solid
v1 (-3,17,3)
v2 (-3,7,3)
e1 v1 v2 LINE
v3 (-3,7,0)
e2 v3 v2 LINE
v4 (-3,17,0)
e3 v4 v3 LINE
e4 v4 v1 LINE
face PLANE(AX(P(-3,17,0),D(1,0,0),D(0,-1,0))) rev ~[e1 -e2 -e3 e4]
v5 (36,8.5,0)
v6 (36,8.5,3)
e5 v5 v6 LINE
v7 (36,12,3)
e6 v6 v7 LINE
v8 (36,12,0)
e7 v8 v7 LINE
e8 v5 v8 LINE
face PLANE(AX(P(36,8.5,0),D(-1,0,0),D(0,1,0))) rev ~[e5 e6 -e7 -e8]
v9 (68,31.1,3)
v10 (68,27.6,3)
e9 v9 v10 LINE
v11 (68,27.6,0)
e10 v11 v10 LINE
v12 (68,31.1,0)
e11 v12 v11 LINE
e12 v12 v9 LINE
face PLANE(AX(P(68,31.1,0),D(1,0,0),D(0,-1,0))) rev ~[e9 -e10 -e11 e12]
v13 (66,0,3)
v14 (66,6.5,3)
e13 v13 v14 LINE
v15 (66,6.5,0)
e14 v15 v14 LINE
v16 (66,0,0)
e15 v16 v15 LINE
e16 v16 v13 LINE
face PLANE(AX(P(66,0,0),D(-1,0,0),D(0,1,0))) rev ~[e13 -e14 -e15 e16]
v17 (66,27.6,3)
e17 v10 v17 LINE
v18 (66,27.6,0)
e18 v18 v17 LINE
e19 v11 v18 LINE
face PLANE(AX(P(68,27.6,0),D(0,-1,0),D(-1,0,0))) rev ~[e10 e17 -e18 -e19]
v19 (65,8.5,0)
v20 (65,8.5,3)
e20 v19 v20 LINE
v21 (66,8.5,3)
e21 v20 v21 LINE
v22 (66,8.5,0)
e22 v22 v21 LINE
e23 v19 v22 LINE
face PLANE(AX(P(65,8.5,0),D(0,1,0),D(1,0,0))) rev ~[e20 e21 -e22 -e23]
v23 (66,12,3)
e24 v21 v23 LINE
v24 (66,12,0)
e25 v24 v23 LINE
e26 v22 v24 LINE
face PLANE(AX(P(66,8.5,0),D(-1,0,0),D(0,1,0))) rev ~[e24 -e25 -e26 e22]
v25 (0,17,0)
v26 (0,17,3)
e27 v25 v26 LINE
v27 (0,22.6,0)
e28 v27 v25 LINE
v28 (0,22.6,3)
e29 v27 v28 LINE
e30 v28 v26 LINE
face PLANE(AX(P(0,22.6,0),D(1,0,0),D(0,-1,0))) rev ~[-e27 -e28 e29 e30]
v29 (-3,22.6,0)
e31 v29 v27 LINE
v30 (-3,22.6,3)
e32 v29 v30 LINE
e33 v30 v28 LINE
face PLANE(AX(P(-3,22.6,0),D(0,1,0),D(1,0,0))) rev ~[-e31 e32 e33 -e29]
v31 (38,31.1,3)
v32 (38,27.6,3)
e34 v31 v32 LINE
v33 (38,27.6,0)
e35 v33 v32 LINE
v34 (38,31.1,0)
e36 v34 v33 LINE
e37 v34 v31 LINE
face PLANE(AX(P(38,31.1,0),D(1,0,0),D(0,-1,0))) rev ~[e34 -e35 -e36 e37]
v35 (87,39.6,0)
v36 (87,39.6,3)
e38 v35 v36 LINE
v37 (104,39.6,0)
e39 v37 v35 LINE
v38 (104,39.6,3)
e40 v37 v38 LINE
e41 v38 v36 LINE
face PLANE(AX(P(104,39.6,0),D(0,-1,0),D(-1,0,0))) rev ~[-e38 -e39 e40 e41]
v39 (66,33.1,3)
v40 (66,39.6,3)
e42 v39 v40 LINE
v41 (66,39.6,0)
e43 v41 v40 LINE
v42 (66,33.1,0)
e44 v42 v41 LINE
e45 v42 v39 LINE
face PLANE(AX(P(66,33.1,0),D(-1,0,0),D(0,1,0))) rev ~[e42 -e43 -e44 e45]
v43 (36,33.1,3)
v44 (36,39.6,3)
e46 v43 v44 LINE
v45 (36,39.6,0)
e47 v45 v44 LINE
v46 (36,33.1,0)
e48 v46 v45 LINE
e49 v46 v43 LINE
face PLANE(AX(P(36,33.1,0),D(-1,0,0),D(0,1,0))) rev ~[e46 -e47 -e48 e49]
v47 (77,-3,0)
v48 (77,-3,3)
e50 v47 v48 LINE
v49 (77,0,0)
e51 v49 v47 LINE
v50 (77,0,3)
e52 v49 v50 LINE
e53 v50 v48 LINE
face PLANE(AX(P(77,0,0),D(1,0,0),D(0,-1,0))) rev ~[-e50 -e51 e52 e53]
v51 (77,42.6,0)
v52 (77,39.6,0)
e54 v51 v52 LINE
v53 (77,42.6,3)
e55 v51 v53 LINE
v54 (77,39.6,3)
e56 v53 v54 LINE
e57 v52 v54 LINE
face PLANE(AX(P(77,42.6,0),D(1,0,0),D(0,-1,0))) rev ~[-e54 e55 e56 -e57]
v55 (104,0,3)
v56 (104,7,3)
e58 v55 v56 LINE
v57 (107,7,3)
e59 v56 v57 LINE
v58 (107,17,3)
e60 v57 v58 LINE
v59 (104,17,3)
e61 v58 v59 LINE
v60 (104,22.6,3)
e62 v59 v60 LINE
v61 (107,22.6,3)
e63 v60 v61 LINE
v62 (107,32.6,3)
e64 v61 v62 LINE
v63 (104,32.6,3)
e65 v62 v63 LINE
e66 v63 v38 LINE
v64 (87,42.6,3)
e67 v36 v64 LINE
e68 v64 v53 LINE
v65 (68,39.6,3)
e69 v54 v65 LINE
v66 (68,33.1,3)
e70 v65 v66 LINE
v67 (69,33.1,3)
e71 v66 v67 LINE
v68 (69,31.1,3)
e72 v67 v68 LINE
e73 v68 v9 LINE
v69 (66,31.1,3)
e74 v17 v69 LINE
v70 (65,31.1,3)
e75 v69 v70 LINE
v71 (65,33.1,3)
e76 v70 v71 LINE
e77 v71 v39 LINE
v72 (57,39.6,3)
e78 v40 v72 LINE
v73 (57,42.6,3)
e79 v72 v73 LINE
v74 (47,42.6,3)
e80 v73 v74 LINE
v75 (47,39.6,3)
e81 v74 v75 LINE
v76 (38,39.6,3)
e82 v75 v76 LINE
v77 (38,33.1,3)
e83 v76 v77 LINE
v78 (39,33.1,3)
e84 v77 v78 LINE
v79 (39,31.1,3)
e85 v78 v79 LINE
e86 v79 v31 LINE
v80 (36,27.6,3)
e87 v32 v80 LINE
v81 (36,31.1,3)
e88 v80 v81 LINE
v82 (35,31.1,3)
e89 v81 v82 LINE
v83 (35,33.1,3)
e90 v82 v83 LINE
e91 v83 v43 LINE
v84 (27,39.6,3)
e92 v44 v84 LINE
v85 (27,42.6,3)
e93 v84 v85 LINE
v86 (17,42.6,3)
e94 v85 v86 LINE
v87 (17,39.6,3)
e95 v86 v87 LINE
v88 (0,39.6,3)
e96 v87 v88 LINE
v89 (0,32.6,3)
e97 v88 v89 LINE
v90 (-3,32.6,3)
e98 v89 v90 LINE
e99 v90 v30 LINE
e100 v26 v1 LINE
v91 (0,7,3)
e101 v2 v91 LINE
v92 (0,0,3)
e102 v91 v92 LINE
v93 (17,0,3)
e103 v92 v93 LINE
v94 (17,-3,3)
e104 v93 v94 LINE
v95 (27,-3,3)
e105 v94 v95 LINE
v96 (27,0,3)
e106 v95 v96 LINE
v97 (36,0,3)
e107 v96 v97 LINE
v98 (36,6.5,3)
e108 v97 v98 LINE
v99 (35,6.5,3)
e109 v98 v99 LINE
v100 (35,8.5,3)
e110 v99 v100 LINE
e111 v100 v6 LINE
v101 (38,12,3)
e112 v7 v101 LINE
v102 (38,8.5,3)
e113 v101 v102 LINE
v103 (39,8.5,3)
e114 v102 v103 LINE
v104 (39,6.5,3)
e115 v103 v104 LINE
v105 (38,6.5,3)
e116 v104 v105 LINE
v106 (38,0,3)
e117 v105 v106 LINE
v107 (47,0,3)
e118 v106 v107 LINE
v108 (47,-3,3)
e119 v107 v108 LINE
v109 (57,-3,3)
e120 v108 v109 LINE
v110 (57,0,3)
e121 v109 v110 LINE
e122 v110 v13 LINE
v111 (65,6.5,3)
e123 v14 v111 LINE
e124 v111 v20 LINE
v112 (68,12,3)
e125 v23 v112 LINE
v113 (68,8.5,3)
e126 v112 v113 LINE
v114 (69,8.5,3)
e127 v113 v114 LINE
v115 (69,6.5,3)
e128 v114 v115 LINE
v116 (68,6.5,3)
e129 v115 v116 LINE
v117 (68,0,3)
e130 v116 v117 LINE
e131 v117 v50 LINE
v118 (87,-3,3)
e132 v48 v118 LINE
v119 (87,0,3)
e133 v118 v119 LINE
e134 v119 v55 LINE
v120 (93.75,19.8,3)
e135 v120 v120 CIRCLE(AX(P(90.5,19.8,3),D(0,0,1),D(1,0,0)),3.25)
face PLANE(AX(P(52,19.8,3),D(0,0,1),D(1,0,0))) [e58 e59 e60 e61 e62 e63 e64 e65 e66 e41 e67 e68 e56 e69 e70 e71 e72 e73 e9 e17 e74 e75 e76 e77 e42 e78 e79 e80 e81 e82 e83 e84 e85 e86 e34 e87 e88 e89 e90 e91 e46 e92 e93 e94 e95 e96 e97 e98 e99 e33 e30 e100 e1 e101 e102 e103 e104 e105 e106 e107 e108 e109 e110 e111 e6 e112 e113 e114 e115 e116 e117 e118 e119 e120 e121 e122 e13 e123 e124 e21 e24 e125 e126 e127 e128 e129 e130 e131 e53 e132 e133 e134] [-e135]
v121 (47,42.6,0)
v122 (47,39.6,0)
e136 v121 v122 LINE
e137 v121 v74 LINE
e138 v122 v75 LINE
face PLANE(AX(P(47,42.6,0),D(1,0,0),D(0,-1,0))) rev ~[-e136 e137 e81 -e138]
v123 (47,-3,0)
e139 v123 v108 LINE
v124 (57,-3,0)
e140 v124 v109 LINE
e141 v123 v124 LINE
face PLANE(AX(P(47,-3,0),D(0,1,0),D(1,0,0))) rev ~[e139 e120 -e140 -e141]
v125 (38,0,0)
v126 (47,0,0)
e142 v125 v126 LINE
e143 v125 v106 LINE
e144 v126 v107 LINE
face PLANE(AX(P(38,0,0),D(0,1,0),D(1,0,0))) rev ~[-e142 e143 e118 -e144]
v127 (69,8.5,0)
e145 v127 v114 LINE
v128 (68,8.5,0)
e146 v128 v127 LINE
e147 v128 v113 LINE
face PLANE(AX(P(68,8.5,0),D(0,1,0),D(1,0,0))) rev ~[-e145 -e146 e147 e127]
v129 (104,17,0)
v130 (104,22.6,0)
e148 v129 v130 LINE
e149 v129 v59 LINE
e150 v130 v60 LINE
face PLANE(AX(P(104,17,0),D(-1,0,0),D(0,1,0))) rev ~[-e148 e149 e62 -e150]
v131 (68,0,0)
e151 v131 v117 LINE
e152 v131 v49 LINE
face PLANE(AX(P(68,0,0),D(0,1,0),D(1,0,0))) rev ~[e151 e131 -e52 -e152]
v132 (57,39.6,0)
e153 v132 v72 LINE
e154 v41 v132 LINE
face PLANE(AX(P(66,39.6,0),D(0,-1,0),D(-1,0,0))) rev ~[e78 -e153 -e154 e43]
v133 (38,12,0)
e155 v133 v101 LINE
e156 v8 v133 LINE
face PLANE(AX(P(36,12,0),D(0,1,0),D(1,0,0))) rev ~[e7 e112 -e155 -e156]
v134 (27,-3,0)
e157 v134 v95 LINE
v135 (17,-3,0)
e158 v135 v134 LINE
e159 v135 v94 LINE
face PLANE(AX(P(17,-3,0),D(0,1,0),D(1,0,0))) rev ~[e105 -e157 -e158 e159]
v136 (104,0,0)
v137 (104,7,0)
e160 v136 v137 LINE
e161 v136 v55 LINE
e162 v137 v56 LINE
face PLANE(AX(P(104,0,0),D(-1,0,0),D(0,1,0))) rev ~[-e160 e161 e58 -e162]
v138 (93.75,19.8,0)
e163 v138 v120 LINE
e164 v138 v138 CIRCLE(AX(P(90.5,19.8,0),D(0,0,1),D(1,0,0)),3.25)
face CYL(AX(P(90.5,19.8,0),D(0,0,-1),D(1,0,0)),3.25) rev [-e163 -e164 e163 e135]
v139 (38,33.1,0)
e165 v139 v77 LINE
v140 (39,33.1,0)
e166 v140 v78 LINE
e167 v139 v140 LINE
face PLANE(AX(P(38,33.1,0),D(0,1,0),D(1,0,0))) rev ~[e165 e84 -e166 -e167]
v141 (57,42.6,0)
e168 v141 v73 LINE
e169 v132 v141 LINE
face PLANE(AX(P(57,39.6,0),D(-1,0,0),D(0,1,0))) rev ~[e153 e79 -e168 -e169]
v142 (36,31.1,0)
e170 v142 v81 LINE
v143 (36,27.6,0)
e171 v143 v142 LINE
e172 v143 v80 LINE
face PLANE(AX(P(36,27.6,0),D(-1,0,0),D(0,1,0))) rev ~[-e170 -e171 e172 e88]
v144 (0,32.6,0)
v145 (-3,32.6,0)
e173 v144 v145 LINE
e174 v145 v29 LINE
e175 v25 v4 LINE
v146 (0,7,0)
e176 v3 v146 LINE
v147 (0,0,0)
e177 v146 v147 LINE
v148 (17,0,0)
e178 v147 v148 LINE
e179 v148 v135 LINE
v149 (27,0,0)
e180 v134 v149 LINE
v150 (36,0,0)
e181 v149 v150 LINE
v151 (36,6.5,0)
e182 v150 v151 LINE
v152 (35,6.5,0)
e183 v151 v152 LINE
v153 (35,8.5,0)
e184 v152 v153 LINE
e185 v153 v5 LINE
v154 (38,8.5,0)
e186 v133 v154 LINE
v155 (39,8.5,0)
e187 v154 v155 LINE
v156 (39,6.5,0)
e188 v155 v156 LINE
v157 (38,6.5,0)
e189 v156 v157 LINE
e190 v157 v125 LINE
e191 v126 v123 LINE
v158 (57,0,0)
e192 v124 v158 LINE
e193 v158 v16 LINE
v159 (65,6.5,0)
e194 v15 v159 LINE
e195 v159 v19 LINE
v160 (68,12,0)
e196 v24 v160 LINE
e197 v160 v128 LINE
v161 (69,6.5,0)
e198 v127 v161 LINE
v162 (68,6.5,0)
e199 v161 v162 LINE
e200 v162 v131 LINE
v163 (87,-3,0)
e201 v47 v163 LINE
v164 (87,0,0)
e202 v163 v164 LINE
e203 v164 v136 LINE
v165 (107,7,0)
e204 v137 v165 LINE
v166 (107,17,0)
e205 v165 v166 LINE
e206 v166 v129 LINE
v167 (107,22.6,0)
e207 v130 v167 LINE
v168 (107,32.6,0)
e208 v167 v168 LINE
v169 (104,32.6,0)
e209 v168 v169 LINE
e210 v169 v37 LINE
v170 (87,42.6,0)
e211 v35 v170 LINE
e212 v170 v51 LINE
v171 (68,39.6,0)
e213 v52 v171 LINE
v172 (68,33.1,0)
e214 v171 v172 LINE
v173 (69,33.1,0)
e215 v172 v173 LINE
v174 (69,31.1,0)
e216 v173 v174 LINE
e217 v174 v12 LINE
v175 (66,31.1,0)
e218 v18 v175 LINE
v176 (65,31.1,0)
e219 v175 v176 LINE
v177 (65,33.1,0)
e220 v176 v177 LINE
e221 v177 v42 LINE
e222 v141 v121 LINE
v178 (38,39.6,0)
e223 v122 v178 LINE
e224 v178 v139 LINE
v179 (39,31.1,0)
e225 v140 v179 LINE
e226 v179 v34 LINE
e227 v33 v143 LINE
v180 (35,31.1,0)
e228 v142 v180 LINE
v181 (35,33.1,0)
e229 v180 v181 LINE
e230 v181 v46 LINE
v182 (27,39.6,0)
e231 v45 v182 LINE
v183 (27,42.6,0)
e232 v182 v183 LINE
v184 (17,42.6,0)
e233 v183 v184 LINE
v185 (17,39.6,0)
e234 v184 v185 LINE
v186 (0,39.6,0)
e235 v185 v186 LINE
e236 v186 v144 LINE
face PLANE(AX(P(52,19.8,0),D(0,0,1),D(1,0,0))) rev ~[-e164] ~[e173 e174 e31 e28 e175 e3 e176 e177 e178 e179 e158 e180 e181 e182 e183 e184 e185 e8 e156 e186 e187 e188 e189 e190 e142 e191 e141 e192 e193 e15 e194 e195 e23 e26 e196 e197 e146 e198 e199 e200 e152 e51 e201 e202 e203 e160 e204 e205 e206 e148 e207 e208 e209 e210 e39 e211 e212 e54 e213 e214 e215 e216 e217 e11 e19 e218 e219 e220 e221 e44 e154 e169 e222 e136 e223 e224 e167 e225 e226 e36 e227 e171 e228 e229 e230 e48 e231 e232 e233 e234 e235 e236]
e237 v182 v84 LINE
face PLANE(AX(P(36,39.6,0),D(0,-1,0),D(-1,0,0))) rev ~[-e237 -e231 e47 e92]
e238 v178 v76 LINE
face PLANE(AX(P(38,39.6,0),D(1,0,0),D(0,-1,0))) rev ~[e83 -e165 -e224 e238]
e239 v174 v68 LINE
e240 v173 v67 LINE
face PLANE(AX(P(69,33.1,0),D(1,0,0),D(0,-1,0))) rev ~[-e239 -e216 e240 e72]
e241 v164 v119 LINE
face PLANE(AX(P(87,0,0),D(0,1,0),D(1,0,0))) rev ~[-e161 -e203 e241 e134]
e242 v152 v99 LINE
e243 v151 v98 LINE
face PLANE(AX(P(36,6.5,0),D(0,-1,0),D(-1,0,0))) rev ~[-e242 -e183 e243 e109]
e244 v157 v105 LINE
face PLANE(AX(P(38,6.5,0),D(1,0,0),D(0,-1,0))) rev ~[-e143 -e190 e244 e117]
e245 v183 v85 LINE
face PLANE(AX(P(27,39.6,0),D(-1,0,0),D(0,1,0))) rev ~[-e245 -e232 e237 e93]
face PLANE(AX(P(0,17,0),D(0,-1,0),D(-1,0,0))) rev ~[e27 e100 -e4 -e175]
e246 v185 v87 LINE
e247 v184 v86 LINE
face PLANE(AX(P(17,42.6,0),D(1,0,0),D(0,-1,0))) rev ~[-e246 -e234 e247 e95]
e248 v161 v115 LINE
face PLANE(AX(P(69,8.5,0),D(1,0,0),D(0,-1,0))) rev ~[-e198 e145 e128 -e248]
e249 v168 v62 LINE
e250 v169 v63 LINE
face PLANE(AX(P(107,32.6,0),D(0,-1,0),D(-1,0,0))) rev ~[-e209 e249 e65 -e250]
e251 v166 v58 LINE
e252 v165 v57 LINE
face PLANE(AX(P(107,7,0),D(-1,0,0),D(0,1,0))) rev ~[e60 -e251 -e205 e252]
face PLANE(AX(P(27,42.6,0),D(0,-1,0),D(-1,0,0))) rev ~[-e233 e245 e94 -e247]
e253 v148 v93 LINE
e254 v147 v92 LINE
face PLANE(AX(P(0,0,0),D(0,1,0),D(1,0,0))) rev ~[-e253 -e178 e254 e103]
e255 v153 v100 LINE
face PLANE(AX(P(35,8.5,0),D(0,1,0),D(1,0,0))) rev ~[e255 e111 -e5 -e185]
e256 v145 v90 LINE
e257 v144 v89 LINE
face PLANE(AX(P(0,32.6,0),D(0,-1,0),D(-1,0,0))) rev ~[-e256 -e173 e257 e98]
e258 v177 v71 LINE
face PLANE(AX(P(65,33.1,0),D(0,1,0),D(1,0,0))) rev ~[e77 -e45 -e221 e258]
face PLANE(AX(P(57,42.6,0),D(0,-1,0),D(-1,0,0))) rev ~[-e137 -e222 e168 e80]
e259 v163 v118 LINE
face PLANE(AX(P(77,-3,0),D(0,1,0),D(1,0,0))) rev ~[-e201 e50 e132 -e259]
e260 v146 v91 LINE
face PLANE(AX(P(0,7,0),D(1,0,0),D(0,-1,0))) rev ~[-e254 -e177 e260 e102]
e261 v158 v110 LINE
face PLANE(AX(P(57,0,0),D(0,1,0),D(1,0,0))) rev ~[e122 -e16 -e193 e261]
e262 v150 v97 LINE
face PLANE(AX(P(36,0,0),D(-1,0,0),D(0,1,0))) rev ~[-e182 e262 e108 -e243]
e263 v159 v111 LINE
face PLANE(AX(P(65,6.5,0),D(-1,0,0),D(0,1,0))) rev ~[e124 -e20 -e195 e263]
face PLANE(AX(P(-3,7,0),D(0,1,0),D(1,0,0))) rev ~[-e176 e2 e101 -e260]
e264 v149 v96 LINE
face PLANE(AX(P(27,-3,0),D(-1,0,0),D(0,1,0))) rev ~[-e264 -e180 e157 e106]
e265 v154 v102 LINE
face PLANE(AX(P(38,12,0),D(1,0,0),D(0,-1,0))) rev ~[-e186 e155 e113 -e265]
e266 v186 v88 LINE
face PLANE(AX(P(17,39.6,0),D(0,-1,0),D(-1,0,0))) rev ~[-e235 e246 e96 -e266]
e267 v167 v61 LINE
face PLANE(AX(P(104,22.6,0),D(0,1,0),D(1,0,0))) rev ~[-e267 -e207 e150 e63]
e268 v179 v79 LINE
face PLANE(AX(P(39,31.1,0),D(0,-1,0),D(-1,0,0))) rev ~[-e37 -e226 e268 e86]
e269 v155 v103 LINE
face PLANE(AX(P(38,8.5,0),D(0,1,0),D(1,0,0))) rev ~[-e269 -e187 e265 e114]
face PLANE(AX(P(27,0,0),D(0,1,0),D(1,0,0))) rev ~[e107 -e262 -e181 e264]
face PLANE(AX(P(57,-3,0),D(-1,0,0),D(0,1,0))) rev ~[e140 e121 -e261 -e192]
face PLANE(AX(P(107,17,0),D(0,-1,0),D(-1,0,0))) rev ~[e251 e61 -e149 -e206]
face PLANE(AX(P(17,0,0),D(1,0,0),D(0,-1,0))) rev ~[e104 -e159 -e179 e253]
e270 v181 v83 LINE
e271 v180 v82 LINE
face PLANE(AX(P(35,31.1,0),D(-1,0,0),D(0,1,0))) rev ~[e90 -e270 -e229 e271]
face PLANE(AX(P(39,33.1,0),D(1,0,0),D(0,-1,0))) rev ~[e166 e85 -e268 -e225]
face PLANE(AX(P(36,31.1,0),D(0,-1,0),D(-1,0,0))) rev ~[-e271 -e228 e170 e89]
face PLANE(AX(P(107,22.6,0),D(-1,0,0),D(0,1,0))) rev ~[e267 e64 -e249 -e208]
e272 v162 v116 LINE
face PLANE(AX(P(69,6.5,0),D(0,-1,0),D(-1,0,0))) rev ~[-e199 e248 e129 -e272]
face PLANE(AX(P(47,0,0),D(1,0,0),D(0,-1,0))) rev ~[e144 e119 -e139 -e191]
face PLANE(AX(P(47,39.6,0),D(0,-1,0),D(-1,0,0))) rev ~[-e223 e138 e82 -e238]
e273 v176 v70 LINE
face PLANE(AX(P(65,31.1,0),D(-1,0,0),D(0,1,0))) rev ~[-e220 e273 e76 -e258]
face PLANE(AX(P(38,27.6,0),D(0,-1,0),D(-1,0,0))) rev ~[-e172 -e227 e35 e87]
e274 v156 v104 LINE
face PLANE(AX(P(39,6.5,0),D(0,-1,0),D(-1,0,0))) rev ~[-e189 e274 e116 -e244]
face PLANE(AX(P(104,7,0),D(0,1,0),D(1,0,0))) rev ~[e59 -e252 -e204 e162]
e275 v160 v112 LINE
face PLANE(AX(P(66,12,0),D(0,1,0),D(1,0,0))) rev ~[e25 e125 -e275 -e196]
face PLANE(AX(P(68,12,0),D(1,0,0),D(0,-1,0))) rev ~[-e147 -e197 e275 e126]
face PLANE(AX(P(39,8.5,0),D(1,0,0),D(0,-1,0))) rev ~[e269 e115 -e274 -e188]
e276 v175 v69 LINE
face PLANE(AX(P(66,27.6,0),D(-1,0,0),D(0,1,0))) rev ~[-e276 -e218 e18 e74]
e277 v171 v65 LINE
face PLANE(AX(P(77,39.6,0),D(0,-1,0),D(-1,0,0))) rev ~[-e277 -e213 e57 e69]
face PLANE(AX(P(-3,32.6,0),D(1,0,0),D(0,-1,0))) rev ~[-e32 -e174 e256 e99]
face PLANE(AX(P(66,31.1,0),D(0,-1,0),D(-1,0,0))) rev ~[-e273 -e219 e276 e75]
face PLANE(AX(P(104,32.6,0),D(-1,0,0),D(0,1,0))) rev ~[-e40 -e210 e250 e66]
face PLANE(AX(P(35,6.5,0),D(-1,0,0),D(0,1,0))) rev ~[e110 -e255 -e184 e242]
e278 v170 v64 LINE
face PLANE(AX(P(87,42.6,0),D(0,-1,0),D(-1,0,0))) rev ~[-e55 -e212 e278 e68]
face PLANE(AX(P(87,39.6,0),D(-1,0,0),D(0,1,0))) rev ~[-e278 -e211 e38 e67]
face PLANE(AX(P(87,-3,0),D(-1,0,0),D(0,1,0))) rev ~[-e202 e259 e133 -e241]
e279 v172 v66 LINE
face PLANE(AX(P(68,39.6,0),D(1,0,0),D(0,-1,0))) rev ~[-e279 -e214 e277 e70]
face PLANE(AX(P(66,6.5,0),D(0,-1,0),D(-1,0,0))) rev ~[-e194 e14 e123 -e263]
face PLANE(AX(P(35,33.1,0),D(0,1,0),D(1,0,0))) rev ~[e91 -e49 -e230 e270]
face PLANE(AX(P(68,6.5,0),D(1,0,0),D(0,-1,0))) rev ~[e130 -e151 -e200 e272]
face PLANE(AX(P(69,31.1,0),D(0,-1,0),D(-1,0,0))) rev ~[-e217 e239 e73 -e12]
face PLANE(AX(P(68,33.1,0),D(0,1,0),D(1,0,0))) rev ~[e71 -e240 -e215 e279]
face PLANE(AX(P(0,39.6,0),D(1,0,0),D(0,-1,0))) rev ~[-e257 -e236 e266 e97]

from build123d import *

# Parameters (mm, degrees)
F0_R     = 3.25
F1_DEPTH = 3


with BuildPart() as f1:
    # F0 (on Top) → F1 (new body)
    with BuildSketch(Plane.XY):
        Polygon((0, 7), (0, 0), (17, 0), (17, -3), (27, -3), (27, 0), (36, 0), (36, 6.5), (35, 6.5), (35, 8.5), (36, 8.5), (36, 12), (38, 12), (38, 8.5), (39, 8.5), (39, 6.5), (38, 6.5), (38, 0), (47, 0), (47, -3), (57, -3), (57, 0), (66, 0), (66, 6.5), (65, 6.5), (65, 8.5), (66, 8.5), (66, 12), (68, 12), (68, 8.5), (69, 8.5), (69, 6.5), (68, 6.5), (68, 0), (77, 0), (77, -3), (87, -3), (87, 0), (104, 0), (104, 7), (107, 7), (107, 17), (104, 17), (104, 22.6), (107, 22.6), (107, 32.6), (104, 32.6), (104, 39.6), (87, 39.6), (87, 42.6), (77, 42.6), (77, 39.6), (68, 39.6), (68, 33.1), (69, 33.1), (69, 31.1), (68, 31.1), (68, 27.6), (66, 27.6), (66, 31.1), (65, 31.1), (65, 33.1), (66, 33.1), (66, 39.6), (57, 39.6), (57, 42.6), (47, 42.6), (47, 39.6), (38, 39.6), (38, 33.1), (39, 33.1), (39, 31.1), (38, 31.1), (38, 27.6), (36, 27.6), (36, 31.1), (35, 31.1), (35, 33.1), (36, 33.1), (36, 39.6), (27, 39.6), (27, 42.6), (17, 42.6), (17, 39.6), (0, 39.6), (0, 32.6), (-3, 32.6), (-3, 22.6), (0, 22.6), (0, 17), (-3, 17), (-3, 7), align=None)
        with Locations((90.5, 19.8)):
            Circle(F0_R, mode=Mode.SUBTRACT)
    extrude(amount=F1_DEPTH)


solid = f1.part
